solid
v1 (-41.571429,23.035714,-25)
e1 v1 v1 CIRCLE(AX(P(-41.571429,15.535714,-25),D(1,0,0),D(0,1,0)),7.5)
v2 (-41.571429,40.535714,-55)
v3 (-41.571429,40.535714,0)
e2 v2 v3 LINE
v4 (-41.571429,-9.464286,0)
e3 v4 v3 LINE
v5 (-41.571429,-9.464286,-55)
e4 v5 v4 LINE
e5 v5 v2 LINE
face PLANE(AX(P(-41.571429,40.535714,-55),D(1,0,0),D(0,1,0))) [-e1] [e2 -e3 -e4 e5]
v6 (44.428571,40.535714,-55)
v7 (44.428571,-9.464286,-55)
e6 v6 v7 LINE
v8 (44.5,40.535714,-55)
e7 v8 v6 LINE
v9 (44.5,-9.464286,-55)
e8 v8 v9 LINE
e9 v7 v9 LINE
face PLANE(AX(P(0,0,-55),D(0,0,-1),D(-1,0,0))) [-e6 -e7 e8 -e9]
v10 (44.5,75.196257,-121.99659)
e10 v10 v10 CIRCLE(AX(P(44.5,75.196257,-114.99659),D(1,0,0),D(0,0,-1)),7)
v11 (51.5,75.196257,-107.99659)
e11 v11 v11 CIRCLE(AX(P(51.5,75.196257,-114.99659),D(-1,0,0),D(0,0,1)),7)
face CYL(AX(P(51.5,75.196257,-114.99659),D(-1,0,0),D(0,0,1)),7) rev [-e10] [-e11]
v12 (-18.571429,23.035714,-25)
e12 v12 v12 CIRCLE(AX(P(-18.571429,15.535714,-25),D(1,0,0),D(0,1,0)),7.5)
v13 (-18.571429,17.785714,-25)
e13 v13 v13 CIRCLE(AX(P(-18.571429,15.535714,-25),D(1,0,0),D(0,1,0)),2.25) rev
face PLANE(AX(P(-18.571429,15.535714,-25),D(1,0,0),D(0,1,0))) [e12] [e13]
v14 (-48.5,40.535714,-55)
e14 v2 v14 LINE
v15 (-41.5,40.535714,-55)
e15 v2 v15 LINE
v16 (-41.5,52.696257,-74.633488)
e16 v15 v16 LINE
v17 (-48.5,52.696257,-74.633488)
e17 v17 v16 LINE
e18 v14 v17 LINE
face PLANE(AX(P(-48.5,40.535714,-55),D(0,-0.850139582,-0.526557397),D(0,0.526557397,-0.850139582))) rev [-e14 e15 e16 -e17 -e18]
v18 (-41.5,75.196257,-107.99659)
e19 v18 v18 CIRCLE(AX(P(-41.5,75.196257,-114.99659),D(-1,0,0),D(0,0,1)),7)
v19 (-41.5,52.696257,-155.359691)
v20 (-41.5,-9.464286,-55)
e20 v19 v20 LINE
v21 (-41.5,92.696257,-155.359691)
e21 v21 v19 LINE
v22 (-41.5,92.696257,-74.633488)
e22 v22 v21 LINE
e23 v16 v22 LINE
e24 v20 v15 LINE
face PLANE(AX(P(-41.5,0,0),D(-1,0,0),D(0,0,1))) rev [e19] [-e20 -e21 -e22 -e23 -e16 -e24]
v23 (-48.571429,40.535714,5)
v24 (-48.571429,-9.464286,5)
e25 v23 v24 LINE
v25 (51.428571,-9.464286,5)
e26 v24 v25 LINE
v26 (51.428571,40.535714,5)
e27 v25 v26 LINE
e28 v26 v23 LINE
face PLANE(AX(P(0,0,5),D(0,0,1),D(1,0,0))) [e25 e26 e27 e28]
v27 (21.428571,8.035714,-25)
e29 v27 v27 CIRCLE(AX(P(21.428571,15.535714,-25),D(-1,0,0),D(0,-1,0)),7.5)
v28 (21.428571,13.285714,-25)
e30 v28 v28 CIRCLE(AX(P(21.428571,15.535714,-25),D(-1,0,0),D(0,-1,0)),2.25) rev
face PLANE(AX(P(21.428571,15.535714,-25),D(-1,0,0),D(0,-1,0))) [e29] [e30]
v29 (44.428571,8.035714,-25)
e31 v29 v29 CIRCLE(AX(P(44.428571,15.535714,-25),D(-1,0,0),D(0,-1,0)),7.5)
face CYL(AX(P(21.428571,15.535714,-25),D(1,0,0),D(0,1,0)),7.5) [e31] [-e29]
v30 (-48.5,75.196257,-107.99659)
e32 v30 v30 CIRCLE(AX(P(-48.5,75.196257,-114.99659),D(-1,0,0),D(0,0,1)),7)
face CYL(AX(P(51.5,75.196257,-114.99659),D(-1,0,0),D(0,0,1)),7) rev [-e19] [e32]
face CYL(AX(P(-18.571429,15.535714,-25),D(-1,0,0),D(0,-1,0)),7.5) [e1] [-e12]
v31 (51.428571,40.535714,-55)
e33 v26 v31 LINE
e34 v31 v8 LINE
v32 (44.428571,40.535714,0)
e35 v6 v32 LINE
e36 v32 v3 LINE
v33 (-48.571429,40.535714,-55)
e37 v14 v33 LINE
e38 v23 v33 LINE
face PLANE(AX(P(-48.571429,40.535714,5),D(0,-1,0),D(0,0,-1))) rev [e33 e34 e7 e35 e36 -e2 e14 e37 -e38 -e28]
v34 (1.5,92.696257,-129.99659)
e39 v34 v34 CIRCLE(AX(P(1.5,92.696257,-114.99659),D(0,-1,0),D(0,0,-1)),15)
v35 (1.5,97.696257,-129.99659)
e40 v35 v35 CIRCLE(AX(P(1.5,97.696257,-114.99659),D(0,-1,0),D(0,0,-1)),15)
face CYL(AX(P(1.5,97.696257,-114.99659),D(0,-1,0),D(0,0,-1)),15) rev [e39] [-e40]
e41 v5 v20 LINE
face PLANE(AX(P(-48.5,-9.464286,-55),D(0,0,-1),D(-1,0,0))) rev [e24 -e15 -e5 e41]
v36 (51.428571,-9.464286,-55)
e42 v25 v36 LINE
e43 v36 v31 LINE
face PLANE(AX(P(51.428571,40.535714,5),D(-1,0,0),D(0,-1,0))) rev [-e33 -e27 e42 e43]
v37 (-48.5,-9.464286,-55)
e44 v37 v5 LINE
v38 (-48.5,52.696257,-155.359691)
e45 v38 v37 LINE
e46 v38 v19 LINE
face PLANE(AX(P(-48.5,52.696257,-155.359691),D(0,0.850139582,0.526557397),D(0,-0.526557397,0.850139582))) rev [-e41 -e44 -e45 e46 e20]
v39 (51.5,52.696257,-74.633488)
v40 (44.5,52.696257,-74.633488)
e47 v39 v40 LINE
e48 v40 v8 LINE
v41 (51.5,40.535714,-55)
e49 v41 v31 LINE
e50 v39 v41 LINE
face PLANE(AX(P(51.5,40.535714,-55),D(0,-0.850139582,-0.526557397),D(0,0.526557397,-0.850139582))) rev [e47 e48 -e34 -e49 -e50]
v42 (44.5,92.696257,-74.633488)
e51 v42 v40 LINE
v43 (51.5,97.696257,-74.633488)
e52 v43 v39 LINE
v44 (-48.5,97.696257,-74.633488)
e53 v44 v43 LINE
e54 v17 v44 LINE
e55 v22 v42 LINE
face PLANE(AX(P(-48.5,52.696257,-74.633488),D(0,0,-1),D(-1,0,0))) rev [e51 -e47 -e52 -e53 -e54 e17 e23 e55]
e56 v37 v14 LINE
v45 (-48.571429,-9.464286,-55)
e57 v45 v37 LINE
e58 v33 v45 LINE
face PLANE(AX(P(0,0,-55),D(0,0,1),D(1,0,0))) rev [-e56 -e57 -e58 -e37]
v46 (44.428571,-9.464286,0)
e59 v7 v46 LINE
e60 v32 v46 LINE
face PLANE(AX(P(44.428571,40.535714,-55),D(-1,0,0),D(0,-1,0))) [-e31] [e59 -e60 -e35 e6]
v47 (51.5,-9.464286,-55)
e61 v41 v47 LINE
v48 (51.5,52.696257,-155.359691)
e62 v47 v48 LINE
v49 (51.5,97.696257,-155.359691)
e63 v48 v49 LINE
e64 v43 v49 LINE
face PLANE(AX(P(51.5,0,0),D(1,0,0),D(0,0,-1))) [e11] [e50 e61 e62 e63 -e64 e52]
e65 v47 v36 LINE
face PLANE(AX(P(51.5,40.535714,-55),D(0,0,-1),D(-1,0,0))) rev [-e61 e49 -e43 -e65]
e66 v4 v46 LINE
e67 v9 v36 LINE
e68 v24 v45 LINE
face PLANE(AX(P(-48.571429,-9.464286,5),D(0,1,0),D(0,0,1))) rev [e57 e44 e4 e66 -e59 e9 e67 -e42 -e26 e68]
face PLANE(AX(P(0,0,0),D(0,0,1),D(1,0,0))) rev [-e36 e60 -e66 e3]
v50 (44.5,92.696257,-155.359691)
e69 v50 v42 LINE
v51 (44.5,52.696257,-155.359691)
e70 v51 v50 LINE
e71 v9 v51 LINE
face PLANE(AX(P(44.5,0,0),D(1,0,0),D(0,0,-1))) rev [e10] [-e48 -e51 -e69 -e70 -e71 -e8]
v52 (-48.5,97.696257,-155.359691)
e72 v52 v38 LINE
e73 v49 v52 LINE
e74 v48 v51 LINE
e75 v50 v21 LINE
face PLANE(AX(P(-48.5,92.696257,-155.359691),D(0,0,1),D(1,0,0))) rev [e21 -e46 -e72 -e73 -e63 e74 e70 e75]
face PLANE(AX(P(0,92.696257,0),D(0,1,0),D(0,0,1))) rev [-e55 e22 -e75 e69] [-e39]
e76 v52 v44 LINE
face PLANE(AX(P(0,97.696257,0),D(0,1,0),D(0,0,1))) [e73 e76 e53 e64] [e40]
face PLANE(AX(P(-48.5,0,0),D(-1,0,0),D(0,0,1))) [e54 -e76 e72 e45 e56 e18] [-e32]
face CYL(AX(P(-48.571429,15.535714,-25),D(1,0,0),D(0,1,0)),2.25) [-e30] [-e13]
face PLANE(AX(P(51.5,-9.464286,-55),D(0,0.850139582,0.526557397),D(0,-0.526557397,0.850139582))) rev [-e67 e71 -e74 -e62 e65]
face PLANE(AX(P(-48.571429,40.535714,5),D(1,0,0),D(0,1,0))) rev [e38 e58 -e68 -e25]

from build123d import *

# Parameters (mm, degrees)
SKETCH1_W            = 100
SKETCH1_H            = 50
BOSS_EXTRUDE1_DEPTH  = 5
SKETCH2_W            = 7
SKETCH2_H            = 50
BOSS_EXTRUDE2_DEPTH  = 55
BOSS_EXTRUDE3_DEPTH  = 7
BOSS_EXTRUDE8_DEPTH  = 7
SKETCH14_W           = 80.726202609
SKETCH14_H           = 40
BOSS_EXTRUDE11_DEPTH = 7
SKETCH15_W           = 80.726202609
SKETCH15_H           = 40
BOSS_EXTRUDE12_DEPTH = 7
SKETCH24_W           = 100
SKETCH24_H           = 80.726202609
BOSS_EXTRUDE21_DEPTH = 5
SKETCH25_R           = 7
CUT_EXTRUDE5_DEPTH   = 101
SKETCH26_R           = 15
CUT_EXTRUDE6_DEPTH   = 5
BOSS_EXTRUDE22_REACH = 102
SKETCH30_R           = 2.25
SKETCH32_R           = 7.5
BOSS_EXTRUDE23_DEPTH = 23
SKETCH33_R           = 7.5
BOSS_EXTRUDE24_DEPTH = 23


with BuildPart() as part:
    # Sketch1 → Boss-Extrude1 (new body)
    with BuildSketch(Plane.XY):
        with Locations((1.428571429, 15.535714286)):
            Rectangle(SKETCH1_W, SKETCH1_H)
    extrude(amount=BOSS_EXTRUDE1_DEPTH)

    # Sketch2 → Boss-Extrude2 (add)
    with BuildSketch(Plane.XY):
        with Locations((47.928571429, 15.535714286)):
            Rectangle(SKETCH2_W, SKETCH2_H)
        with Locations((-45.071428571, 15.535714286)):
            Rectangle(SKETCH2_W, SKETCH2_H)
    extrude(amount=-BOSS_EXTRUDE2_DEPTH)

    # Sketch3 → Boss-Extrude3 (add)
    with BuildSketch(Plane(origin=(44.5, 0, 0), x_dir=(0, 0, -1), z_dir=(1, 0, 0))):
        Polygon((55, 40.535714286), (74.633488262, 52.696256729), (155.359690871, 52.696256729), (55, -9.464285714), align=None)
    extrude(amount=BOSS_EXTRUDE3_DEPTH)

    # Sketch11 → Boss-Extrude8 (add)
    with BuildSketch(Plane.ZY.offset(41.5)):
        Polygon((-55, -9.464285714), (-55, 40.535714286), (-74.633488262, 52.696256729), (-155.359690871, 52.696256729), align=None)
    extrude(amount=BOSS_EXTRUDE8_DEPTH)

    # Sketch14 → Boss-Extrude11 (add)
    with BuildSketch(Plane.ZY.offset(41.5)):
        with Locations((-114.996589567, 72.696256729)):
            Rectangle(SKETCH14_W, SKETCH14_H)
    extrude(amount=BOSS_EXTRUDE11_DEPTH)

    # Sketch15 → Boss-Extrude12 (add)
    with BuildSketch(Plane(origin=(44.5, 0, 0), x_dir=(0, 0, -1), z_dir=(1, 0, 0))):
        with Locations((114.996589567, 72.696256729)):
            Rectangle(SKETCH15_W, SKETCH15_H)
    extrude(amount=BOSS_EXTRUDE12_DEPTH)

    # Sketch24 → Boss-Extrude21 (add)
    with BuildSketch(Plane(origin=(0, 92.696256729, 0), x_dir=(1, 0, 0), z_dir=(0, 1, 0))):
        with Locations((1.5, 114.996589567)):
            Rectangle(SKETCH24_W, SKETCH24_H)
    extrude(amount=BOSS_EXTRUDE21_DEPTH)

    # Sketch25 → Cut-Extrude5 (cut, through all)
    with BuildSketch(Plane.ZY.offset(48.5)):
        with Locations((-114.996589567, 75.196256729)):
            Circle(SKETCH25_R)
    extrude(amount=-CUT_EXTRUDE5_DEPTH, mode=Mode.SUBTRACT)

    # Sketch26 → Cut-Extrude6 (cut)
    with BuildSketch(Plane.XZ.offset(-92.696256729)):
        with Locations((1.5, -114.996589567)):
            Circle(SKETCH26_R)
    extrude(amount=-CUT_EXTRUDE6_DEPTH, mode=Mode.SUBTRACT)

    # Sketch30 → Boss-Extrude22 (add, up to next)
    with BuildSketch(Plane(origin=(51.428571429, 0, 0), x_dir=(0, 0, -1), z_dir=(1, 0, 0)), mode=Mode.PRIVATE) as boss_extrude22_sk1:
        with Locations((25, 15.535714286)):
            Circle(SKETCH30_R)
    boss_extrude22_tool1 = extrude(boss_extrude22_sk1.sketch, amount=-BOSS_EXTRUDE22_REACH, mode=Mode.PRIVATE) - part.part
    add(boss_extrude22_tool1.solids().sort_by_distance((51.428571, 15.535714, -25))[0])

    # Sketch32 → Boss-Extrude23 (add)
    with BuildSketch(Plane.ZY.offset(-44.428571429)):
        with Locations((-25, 15.535714286)):
            Circle(SKETCH32_R)
    extrude(amount=BOSS_EXTRUDE23_DEPTH)

    # Sketch33 → Boss-Extrude24 (add)
    with BuildSketch(Plane(origin=(-41.571428571, 0, 0), x_dir=(0, 0, -1), z_dir=(1, 0, 0))):
        with Locations((25, 15.535714286)):
            Circle(SKETCH33_R)
    extrude(amount=BOSS_EXTRUDE24_DEPTH)


solid = part.part
